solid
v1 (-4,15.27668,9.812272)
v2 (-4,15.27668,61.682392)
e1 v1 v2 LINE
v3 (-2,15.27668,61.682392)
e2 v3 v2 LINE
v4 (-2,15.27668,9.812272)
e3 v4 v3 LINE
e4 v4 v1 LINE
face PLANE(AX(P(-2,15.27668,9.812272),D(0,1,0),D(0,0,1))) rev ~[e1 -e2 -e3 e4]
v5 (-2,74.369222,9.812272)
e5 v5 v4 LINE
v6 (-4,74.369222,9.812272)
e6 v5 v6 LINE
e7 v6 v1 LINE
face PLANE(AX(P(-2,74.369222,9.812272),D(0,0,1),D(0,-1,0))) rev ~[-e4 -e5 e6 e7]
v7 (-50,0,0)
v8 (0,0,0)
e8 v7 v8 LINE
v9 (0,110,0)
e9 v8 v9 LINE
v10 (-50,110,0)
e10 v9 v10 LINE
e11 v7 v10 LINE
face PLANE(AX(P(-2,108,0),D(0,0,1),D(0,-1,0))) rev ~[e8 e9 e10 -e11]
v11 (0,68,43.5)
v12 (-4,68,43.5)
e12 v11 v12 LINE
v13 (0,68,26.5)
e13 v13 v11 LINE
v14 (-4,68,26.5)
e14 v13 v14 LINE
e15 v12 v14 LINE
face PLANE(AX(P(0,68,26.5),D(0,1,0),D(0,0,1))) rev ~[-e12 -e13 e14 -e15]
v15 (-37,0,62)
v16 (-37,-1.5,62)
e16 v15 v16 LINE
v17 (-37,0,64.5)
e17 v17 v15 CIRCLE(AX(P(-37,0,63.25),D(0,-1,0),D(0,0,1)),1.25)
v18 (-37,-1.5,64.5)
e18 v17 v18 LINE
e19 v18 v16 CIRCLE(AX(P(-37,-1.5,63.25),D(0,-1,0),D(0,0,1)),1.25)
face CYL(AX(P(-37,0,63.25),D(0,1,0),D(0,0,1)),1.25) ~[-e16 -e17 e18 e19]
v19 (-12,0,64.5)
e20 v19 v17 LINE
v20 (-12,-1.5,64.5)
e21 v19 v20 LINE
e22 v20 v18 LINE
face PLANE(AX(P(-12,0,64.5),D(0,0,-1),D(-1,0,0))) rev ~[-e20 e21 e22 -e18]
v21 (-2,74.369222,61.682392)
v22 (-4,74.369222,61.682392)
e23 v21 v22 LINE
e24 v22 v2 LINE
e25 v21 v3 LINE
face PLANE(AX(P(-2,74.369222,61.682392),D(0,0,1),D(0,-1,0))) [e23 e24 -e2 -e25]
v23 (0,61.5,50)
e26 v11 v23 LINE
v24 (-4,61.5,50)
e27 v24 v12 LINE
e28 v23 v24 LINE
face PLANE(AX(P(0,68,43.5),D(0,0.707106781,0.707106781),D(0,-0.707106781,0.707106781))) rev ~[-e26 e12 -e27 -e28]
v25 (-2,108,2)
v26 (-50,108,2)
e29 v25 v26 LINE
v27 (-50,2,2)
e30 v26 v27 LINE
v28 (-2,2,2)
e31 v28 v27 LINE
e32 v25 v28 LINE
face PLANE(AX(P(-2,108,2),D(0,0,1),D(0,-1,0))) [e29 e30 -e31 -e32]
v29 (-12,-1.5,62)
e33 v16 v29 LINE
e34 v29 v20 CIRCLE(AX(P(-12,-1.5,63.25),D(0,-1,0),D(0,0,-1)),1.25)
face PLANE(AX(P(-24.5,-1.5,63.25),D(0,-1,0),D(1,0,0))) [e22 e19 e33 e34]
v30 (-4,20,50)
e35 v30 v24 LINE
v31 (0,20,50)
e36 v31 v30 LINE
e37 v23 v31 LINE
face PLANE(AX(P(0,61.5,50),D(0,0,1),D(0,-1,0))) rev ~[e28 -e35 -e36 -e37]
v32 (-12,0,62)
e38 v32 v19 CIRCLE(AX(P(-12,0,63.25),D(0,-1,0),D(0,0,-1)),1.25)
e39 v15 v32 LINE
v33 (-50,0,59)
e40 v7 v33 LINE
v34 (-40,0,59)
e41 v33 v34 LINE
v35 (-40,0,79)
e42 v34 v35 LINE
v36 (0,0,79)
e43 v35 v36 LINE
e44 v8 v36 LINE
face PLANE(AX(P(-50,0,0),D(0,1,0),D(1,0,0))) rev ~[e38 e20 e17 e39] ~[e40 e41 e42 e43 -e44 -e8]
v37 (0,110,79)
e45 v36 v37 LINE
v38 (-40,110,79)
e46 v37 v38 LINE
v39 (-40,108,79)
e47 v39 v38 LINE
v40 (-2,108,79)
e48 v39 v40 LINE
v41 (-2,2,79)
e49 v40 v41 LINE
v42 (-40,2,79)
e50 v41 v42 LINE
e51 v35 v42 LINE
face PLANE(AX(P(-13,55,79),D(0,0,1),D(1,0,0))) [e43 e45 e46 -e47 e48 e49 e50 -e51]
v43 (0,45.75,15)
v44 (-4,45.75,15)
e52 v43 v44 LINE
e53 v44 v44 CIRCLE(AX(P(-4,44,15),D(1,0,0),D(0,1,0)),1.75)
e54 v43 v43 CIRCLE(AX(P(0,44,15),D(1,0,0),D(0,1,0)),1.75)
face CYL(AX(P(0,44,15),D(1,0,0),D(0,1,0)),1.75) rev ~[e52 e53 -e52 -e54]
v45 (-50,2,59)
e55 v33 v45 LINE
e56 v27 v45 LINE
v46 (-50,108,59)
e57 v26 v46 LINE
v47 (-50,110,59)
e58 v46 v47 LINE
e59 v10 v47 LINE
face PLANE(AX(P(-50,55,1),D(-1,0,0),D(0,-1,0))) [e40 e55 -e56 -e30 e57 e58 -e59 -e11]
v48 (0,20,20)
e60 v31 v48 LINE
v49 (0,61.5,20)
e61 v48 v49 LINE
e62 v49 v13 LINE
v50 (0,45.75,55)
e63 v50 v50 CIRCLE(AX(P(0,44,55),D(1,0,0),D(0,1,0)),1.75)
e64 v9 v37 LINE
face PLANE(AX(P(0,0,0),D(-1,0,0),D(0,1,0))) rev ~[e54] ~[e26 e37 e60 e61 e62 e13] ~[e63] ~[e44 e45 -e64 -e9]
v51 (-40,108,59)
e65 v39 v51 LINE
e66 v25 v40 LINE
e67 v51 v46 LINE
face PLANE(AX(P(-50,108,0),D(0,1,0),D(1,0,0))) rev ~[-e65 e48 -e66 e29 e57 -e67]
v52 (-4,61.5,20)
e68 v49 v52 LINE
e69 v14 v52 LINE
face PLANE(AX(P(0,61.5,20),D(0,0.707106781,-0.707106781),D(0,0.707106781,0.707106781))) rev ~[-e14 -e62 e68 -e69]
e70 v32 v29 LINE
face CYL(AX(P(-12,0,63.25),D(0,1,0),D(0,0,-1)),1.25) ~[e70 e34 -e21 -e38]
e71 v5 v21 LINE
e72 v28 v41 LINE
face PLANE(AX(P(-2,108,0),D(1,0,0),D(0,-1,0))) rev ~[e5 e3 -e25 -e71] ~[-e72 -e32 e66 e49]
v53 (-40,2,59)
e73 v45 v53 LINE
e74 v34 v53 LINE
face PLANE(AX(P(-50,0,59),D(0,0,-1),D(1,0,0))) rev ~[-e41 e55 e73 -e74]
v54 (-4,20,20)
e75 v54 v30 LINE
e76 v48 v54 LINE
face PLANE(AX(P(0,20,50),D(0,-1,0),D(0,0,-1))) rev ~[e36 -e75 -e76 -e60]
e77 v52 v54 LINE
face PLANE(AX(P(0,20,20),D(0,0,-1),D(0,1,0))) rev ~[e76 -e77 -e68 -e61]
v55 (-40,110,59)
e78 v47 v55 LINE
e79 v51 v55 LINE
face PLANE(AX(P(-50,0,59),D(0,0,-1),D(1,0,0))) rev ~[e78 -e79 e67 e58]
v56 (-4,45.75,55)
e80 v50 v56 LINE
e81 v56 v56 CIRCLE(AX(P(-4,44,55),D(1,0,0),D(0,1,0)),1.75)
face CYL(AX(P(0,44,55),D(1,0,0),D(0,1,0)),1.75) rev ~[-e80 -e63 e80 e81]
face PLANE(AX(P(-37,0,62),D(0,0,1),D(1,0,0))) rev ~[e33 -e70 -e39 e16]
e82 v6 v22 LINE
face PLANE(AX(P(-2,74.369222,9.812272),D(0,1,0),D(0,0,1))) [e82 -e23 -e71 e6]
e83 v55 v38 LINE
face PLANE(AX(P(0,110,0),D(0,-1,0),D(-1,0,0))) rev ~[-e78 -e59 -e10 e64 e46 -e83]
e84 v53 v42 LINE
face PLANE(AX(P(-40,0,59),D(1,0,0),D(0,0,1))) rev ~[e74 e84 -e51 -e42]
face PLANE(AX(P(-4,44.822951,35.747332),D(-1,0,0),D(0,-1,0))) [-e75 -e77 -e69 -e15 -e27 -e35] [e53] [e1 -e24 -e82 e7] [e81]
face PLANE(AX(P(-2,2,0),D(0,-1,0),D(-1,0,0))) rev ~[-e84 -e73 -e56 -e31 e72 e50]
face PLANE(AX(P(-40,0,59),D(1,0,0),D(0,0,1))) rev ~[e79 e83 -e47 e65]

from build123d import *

# Parameters (mm, degrees)
F1_DEPTH  = 79
F2_W      = 106
F2_H      = 2
F3_DEPTH  = 48
F4_W      = 10
F4_H      = 20
F5_DEPTH  = 150
F6_W      = 59.092542
F6_H      = 51.87012
F7_DEPTH  = 2
F8_R      = 1.75
F9_DEPTH  = 25
F11_DEPTH = 1.5


with BuildPart() as f1:
    # F0 (on Top) → F1 (new body)
    with BuildSketch(Plane.XY):
        Polygon((0, 110), (-50, 110), (-50, 108), (-2, 108), (-2, 2), (-50, 2), (-50, 0), (0, 0), align=None)
    extrude(amount=F1_DEPTH)

    # F2 (on face) → F3 (join)
    with BuildSketch(Plane(origin=(-2, 0, 0), x_dir=(0, -1, 0), z_dir=(-1, 0, 0))):
        with Locations((-55, 1)):
            Rectangle(F2_W, F2_H)
    extrude(amount=F3_DEPTH)

    # F4 (on face) → F5 (cut)
    with BuildSketch(Plane.XZ):
        with Locations((-45, 69)):
            Rectangle(F4_W, F4_H)
    extrude(amount=-F5_DEPTH, mode=Mode.SUBTRACT)

    # F6 (on face) → F7 (join)
    with BuildSketch(Plane(origin=(-2, 0, 0), x_dir=(0, -1, 0), z_dir=(-1, 0, 0))):
        with Locations((-44.822951, 35.747332)):
            Rectangle(F6_W, F6_H)
    extrude(amount=F7_DEPTH)

    # F8 (on face) → F9 (cut)
    with BuildSketch(Plane.YZ):
        Polygon((61.5, 50), (20, 50), (20, 20), (61.5, 20), (68, 26.5), (68, 43.5), align=None)
        with Locations((44, 55)):
            Circle(F8_R)
        with Locations((44, 15)):
            Circle(F8_R)
    extrude(amount=-F9_DEPTH, mode=Mode.SUBTRACT)

    # F10 (on face) → F11 (join)
    with BuildSketch(Plane.XZ):
        with BuildLine():
            Line((-37, 62), (-12, 62))
            ThreePointArc((-12, 62), (-10.75, 63.25), (-12, 64.5))
            Line((-12, 64.5), (-37, 64.5))
            ThreePointArc((-37, 64.5), (-38.25, 63.25), (-37, 62))
        make_face()
    extrude(amount=F11_DEPTH)


solid = f1.part
